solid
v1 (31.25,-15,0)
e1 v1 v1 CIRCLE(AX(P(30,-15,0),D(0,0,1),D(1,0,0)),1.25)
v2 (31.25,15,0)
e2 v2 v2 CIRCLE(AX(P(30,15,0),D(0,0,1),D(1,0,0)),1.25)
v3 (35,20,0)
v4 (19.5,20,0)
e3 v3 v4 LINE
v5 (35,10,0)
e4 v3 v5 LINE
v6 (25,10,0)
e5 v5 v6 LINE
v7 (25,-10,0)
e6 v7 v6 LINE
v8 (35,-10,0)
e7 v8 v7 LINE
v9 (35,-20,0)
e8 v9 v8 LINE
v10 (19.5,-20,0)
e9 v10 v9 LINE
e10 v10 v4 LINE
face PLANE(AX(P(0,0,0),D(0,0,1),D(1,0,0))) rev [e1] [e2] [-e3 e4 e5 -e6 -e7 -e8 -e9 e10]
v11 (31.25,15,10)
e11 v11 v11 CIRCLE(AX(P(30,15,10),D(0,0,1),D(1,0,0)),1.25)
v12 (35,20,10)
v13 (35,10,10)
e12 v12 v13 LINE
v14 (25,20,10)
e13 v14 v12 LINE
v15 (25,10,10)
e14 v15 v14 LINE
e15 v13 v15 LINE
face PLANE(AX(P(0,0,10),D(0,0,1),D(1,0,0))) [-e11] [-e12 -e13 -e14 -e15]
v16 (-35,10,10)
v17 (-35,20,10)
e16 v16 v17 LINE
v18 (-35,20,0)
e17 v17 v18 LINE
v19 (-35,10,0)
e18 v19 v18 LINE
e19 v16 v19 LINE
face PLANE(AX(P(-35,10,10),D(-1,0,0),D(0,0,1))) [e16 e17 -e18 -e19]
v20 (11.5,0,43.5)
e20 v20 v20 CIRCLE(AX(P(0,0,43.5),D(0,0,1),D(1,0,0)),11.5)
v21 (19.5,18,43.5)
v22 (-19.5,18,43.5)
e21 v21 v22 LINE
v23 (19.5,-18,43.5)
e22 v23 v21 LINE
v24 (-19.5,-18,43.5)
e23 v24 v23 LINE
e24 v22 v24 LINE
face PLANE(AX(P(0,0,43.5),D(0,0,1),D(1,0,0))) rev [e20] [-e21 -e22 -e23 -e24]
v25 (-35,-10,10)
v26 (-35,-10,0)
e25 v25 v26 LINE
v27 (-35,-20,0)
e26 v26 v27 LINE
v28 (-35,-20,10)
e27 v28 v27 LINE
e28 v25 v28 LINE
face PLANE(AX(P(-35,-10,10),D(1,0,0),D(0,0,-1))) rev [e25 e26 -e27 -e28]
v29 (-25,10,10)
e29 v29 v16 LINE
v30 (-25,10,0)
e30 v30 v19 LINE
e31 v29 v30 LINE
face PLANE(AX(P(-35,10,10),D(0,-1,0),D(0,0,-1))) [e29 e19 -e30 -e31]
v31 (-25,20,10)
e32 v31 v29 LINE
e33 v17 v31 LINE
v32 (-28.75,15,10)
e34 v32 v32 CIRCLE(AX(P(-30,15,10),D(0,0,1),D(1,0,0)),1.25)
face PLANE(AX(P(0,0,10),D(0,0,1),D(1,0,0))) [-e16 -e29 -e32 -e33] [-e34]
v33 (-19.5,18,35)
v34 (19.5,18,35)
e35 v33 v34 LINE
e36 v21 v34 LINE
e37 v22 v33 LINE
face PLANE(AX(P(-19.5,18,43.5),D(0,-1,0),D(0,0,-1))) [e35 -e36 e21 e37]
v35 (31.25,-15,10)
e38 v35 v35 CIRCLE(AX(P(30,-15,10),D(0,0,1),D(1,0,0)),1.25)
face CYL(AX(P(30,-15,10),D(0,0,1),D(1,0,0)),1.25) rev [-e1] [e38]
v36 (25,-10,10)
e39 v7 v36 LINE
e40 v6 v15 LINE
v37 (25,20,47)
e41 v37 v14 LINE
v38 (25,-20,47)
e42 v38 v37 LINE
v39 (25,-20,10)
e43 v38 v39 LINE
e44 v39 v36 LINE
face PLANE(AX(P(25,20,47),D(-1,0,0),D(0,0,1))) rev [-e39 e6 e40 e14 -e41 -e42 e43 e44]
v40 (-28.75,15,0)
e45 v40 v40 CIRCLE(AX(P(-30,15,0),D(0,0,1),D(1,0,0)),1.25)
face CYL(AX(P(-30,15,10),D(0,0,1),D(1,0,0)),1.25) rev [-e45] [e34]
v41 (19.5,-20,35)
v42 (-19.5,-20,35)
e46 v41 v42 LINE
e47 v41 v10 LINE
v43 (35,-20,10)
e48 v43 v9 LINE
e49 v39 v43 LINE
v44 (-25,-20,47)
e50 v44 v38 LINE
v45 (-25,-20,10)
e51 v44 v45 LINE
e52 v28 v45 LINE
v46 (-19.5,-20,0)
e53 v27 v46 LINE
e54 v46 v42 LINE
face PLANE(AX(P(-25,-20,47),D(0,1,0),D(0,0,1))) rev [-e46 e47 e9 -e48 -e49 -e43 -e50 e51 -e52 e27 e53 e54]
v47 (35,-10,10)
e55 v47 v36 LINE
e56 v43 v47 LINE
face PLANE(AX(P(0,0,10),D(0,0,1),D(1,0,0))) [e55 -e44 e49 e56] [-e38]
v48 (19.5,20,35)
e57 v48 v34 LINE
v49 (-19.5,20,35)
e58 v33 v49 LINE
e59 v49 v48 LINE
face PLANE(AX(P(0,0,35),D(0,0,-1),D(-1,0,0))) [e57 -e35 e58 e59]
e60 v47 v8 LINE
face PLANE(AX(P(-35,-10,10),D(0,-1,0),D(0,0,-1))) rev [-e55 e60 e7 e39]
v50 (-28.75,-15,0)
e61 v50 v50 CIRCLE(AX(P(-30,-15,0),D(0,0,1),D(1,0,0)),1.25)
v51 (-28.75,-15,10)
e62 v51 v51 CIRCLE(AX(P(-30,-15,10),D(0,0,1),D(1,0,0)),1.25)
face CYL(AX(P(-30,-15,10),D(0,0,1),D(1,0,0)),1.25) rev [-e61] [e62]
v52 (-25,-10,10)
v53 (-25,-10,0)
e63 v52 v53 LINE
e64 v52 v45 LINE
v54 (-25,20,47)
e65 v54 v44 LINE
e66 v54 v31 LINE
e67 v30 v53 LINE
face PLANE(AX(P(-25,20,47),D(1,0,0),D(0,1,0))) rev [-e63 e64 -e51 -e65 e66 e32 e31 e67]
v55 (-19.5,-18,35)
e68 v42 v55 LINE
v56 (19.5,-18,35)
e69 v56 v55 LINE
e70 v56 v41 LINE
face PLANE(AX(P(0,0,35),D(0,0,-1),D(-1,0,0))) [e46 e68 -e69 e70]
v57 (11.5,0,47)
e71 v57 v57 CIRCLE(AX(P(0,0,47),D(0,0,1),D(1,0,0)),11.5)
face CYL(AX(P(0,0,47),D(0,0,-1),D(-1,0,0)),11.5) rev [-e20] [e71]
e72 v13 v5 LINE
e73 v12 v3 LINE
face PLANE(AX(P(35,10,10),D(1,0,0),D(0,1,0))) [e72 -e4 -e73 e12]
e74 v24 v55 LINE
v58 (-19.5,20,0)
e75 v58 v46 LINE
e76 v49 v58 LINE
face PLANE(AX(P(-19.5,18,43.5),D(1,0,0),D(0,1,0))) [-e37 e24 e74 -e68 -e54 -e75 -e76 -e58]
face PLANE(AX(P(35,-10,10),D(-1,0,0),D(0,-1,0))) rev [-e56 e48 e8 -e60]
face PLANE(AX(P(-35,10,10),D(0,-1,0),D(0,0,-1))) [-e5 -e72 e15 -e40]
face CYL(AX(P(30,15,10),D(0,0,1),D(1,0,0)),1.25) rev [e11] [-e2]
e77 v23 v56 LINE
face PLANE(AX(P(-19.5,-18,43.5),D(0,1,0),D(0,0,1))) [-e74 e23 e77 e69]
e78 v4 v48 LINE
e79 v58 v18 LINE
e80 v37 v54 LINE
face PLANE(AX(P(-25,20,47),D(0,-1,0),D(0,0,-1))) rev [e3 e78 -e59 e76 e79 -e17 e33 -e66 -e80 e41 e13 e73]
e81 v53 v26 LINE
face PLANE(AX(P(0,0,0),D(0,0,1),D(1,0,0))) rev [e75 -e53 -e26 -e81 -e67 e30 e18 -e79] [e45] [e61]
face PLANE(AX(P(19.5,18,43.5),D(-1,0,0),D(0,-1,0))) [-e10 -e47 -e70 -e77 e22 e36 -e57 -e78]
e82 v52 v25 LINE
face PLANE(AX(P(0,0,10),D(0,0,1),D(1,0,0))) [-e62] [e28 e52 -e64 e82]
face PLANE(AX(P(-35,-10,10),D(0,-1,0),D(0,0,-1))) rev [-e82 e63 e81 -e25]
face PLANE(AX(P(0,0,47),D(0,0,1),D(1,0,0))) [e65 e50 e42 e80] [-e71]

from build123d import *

# Parameters (mm, degrees)
SKETCH_1_W               = 50
SKETCH_1_H               = 40
EXTRUDE_2_DEPTH          = 47
SKETCH_3_W               = 70
SKETCH_3_H               = 10
EXTRUDE_3_DEPTH          = 10
CUT_EXTRUDE_1_DEPTH      = 62.919302322
CUT_EXTRUDE_1_DEPTH_BACK = 62.919302322
SKETCH_4_R               = 11.5
SKETCH_5_W               = 39
SKETCH_5_H               = 36
CUT_EXTRUDE_2_DEPTH      = 43.5
M3X0_5_1_D               = 2.5
SKETCH_8_W               = 39
SKETCH_8_H               = 70
CUT_EXTRUDE_3_DEPTH      = 35


with BuildPart() as part:
    # ｽｹｯﾁ1 → ﾎﾞｽ - 押し出し2 (new body)
    with BuildSketch(Plane.XY):
        Rectangle(SKETCH_1_W, SKETCH_1_H)
    extrude(amount=EXTRUDE_2_DEPTH)

    # ｽｹｯﾁ3 → ﾎﾞｽ - 押し出し3 (add)
    with BuildSketch(Plane.XY):
        with Locations((0, -15)):
            Rectangle(SKETCH_3_W, SKETCH_3_H)
    extrude_3 = extrude(amount=EXTRUDE_3_DEPTH)

    # ｽｹｯﾁ4 → ｶｯﾄ - 押し出し1 (cut, two sides: drawn at the far end of the back side and taken through both)
    with BuildSketch(Plane.XY.offset(-CUT_EXTRUDE_1_DEPTH_BACK)):
        Circle(SKETCH_4_R)
    extrude(amount=CUT_EXTRUDE_1_DEPTH + CUT_EXTRUDE_1_DEPTH_BACK, mode=Mode.SUBTRACT)

    # ｽｹｯﾁ5 → ｶｯﾄ - 押し出し2 (cut)
    with BuildSketch(Plane.XY):
        Rectangle(SKETCH_5_W, SKETCH_5_H)
    cut_extrude_2 = extrude(amount=CUT_EXTRUDE_2_DEPTH, mode=Mode.SUBTRACT)

    # M3x0.5 ねじ穴1 (through all)
    with Locations(Plane.XY.offset(10)):
        with Locations((30, -15), (-30, -15)):
            m3x0_5_1 = Hole(M3X0_5_1_D / 2)

    # ｽｹｯﾁ8 → ｶｯﾄ - 押し出し3 (cut)
    with BuildSketch(Plane(origin=(0, 0, 0), x_dir=(-1, 0, 0), z_dir=(0, 0, -1))):
        Rectangle(SKETCH_8_W, SKETCH_8_H)
    cut_extrude_3 = extrude(amount=-CUT_EXTRUDE_3_DEPTH, mode=Mode.SUBTRACT)

    # ﾐﾗｰ4: ﾎﾞｽ - 押し出し3, ｶｯﾄ - 押し出し2, M3x0.5 ねじ穴1, ｶｯﾄ - 押し出し3 across plane
    add(extrude_3.mirror(Plane.ZX))
    add(cut_extrude_2.mirror(Plane.ZX), mode=Mode.SUBTRACT)
    add(m3x0_5_1.mirror(Plane.ZX), mode=Mode.SUBTRACT)
    add(cut_extrude_3.mirror(Plane.ZX), mode=Mode.SUBTRACT)


solid = part.part
